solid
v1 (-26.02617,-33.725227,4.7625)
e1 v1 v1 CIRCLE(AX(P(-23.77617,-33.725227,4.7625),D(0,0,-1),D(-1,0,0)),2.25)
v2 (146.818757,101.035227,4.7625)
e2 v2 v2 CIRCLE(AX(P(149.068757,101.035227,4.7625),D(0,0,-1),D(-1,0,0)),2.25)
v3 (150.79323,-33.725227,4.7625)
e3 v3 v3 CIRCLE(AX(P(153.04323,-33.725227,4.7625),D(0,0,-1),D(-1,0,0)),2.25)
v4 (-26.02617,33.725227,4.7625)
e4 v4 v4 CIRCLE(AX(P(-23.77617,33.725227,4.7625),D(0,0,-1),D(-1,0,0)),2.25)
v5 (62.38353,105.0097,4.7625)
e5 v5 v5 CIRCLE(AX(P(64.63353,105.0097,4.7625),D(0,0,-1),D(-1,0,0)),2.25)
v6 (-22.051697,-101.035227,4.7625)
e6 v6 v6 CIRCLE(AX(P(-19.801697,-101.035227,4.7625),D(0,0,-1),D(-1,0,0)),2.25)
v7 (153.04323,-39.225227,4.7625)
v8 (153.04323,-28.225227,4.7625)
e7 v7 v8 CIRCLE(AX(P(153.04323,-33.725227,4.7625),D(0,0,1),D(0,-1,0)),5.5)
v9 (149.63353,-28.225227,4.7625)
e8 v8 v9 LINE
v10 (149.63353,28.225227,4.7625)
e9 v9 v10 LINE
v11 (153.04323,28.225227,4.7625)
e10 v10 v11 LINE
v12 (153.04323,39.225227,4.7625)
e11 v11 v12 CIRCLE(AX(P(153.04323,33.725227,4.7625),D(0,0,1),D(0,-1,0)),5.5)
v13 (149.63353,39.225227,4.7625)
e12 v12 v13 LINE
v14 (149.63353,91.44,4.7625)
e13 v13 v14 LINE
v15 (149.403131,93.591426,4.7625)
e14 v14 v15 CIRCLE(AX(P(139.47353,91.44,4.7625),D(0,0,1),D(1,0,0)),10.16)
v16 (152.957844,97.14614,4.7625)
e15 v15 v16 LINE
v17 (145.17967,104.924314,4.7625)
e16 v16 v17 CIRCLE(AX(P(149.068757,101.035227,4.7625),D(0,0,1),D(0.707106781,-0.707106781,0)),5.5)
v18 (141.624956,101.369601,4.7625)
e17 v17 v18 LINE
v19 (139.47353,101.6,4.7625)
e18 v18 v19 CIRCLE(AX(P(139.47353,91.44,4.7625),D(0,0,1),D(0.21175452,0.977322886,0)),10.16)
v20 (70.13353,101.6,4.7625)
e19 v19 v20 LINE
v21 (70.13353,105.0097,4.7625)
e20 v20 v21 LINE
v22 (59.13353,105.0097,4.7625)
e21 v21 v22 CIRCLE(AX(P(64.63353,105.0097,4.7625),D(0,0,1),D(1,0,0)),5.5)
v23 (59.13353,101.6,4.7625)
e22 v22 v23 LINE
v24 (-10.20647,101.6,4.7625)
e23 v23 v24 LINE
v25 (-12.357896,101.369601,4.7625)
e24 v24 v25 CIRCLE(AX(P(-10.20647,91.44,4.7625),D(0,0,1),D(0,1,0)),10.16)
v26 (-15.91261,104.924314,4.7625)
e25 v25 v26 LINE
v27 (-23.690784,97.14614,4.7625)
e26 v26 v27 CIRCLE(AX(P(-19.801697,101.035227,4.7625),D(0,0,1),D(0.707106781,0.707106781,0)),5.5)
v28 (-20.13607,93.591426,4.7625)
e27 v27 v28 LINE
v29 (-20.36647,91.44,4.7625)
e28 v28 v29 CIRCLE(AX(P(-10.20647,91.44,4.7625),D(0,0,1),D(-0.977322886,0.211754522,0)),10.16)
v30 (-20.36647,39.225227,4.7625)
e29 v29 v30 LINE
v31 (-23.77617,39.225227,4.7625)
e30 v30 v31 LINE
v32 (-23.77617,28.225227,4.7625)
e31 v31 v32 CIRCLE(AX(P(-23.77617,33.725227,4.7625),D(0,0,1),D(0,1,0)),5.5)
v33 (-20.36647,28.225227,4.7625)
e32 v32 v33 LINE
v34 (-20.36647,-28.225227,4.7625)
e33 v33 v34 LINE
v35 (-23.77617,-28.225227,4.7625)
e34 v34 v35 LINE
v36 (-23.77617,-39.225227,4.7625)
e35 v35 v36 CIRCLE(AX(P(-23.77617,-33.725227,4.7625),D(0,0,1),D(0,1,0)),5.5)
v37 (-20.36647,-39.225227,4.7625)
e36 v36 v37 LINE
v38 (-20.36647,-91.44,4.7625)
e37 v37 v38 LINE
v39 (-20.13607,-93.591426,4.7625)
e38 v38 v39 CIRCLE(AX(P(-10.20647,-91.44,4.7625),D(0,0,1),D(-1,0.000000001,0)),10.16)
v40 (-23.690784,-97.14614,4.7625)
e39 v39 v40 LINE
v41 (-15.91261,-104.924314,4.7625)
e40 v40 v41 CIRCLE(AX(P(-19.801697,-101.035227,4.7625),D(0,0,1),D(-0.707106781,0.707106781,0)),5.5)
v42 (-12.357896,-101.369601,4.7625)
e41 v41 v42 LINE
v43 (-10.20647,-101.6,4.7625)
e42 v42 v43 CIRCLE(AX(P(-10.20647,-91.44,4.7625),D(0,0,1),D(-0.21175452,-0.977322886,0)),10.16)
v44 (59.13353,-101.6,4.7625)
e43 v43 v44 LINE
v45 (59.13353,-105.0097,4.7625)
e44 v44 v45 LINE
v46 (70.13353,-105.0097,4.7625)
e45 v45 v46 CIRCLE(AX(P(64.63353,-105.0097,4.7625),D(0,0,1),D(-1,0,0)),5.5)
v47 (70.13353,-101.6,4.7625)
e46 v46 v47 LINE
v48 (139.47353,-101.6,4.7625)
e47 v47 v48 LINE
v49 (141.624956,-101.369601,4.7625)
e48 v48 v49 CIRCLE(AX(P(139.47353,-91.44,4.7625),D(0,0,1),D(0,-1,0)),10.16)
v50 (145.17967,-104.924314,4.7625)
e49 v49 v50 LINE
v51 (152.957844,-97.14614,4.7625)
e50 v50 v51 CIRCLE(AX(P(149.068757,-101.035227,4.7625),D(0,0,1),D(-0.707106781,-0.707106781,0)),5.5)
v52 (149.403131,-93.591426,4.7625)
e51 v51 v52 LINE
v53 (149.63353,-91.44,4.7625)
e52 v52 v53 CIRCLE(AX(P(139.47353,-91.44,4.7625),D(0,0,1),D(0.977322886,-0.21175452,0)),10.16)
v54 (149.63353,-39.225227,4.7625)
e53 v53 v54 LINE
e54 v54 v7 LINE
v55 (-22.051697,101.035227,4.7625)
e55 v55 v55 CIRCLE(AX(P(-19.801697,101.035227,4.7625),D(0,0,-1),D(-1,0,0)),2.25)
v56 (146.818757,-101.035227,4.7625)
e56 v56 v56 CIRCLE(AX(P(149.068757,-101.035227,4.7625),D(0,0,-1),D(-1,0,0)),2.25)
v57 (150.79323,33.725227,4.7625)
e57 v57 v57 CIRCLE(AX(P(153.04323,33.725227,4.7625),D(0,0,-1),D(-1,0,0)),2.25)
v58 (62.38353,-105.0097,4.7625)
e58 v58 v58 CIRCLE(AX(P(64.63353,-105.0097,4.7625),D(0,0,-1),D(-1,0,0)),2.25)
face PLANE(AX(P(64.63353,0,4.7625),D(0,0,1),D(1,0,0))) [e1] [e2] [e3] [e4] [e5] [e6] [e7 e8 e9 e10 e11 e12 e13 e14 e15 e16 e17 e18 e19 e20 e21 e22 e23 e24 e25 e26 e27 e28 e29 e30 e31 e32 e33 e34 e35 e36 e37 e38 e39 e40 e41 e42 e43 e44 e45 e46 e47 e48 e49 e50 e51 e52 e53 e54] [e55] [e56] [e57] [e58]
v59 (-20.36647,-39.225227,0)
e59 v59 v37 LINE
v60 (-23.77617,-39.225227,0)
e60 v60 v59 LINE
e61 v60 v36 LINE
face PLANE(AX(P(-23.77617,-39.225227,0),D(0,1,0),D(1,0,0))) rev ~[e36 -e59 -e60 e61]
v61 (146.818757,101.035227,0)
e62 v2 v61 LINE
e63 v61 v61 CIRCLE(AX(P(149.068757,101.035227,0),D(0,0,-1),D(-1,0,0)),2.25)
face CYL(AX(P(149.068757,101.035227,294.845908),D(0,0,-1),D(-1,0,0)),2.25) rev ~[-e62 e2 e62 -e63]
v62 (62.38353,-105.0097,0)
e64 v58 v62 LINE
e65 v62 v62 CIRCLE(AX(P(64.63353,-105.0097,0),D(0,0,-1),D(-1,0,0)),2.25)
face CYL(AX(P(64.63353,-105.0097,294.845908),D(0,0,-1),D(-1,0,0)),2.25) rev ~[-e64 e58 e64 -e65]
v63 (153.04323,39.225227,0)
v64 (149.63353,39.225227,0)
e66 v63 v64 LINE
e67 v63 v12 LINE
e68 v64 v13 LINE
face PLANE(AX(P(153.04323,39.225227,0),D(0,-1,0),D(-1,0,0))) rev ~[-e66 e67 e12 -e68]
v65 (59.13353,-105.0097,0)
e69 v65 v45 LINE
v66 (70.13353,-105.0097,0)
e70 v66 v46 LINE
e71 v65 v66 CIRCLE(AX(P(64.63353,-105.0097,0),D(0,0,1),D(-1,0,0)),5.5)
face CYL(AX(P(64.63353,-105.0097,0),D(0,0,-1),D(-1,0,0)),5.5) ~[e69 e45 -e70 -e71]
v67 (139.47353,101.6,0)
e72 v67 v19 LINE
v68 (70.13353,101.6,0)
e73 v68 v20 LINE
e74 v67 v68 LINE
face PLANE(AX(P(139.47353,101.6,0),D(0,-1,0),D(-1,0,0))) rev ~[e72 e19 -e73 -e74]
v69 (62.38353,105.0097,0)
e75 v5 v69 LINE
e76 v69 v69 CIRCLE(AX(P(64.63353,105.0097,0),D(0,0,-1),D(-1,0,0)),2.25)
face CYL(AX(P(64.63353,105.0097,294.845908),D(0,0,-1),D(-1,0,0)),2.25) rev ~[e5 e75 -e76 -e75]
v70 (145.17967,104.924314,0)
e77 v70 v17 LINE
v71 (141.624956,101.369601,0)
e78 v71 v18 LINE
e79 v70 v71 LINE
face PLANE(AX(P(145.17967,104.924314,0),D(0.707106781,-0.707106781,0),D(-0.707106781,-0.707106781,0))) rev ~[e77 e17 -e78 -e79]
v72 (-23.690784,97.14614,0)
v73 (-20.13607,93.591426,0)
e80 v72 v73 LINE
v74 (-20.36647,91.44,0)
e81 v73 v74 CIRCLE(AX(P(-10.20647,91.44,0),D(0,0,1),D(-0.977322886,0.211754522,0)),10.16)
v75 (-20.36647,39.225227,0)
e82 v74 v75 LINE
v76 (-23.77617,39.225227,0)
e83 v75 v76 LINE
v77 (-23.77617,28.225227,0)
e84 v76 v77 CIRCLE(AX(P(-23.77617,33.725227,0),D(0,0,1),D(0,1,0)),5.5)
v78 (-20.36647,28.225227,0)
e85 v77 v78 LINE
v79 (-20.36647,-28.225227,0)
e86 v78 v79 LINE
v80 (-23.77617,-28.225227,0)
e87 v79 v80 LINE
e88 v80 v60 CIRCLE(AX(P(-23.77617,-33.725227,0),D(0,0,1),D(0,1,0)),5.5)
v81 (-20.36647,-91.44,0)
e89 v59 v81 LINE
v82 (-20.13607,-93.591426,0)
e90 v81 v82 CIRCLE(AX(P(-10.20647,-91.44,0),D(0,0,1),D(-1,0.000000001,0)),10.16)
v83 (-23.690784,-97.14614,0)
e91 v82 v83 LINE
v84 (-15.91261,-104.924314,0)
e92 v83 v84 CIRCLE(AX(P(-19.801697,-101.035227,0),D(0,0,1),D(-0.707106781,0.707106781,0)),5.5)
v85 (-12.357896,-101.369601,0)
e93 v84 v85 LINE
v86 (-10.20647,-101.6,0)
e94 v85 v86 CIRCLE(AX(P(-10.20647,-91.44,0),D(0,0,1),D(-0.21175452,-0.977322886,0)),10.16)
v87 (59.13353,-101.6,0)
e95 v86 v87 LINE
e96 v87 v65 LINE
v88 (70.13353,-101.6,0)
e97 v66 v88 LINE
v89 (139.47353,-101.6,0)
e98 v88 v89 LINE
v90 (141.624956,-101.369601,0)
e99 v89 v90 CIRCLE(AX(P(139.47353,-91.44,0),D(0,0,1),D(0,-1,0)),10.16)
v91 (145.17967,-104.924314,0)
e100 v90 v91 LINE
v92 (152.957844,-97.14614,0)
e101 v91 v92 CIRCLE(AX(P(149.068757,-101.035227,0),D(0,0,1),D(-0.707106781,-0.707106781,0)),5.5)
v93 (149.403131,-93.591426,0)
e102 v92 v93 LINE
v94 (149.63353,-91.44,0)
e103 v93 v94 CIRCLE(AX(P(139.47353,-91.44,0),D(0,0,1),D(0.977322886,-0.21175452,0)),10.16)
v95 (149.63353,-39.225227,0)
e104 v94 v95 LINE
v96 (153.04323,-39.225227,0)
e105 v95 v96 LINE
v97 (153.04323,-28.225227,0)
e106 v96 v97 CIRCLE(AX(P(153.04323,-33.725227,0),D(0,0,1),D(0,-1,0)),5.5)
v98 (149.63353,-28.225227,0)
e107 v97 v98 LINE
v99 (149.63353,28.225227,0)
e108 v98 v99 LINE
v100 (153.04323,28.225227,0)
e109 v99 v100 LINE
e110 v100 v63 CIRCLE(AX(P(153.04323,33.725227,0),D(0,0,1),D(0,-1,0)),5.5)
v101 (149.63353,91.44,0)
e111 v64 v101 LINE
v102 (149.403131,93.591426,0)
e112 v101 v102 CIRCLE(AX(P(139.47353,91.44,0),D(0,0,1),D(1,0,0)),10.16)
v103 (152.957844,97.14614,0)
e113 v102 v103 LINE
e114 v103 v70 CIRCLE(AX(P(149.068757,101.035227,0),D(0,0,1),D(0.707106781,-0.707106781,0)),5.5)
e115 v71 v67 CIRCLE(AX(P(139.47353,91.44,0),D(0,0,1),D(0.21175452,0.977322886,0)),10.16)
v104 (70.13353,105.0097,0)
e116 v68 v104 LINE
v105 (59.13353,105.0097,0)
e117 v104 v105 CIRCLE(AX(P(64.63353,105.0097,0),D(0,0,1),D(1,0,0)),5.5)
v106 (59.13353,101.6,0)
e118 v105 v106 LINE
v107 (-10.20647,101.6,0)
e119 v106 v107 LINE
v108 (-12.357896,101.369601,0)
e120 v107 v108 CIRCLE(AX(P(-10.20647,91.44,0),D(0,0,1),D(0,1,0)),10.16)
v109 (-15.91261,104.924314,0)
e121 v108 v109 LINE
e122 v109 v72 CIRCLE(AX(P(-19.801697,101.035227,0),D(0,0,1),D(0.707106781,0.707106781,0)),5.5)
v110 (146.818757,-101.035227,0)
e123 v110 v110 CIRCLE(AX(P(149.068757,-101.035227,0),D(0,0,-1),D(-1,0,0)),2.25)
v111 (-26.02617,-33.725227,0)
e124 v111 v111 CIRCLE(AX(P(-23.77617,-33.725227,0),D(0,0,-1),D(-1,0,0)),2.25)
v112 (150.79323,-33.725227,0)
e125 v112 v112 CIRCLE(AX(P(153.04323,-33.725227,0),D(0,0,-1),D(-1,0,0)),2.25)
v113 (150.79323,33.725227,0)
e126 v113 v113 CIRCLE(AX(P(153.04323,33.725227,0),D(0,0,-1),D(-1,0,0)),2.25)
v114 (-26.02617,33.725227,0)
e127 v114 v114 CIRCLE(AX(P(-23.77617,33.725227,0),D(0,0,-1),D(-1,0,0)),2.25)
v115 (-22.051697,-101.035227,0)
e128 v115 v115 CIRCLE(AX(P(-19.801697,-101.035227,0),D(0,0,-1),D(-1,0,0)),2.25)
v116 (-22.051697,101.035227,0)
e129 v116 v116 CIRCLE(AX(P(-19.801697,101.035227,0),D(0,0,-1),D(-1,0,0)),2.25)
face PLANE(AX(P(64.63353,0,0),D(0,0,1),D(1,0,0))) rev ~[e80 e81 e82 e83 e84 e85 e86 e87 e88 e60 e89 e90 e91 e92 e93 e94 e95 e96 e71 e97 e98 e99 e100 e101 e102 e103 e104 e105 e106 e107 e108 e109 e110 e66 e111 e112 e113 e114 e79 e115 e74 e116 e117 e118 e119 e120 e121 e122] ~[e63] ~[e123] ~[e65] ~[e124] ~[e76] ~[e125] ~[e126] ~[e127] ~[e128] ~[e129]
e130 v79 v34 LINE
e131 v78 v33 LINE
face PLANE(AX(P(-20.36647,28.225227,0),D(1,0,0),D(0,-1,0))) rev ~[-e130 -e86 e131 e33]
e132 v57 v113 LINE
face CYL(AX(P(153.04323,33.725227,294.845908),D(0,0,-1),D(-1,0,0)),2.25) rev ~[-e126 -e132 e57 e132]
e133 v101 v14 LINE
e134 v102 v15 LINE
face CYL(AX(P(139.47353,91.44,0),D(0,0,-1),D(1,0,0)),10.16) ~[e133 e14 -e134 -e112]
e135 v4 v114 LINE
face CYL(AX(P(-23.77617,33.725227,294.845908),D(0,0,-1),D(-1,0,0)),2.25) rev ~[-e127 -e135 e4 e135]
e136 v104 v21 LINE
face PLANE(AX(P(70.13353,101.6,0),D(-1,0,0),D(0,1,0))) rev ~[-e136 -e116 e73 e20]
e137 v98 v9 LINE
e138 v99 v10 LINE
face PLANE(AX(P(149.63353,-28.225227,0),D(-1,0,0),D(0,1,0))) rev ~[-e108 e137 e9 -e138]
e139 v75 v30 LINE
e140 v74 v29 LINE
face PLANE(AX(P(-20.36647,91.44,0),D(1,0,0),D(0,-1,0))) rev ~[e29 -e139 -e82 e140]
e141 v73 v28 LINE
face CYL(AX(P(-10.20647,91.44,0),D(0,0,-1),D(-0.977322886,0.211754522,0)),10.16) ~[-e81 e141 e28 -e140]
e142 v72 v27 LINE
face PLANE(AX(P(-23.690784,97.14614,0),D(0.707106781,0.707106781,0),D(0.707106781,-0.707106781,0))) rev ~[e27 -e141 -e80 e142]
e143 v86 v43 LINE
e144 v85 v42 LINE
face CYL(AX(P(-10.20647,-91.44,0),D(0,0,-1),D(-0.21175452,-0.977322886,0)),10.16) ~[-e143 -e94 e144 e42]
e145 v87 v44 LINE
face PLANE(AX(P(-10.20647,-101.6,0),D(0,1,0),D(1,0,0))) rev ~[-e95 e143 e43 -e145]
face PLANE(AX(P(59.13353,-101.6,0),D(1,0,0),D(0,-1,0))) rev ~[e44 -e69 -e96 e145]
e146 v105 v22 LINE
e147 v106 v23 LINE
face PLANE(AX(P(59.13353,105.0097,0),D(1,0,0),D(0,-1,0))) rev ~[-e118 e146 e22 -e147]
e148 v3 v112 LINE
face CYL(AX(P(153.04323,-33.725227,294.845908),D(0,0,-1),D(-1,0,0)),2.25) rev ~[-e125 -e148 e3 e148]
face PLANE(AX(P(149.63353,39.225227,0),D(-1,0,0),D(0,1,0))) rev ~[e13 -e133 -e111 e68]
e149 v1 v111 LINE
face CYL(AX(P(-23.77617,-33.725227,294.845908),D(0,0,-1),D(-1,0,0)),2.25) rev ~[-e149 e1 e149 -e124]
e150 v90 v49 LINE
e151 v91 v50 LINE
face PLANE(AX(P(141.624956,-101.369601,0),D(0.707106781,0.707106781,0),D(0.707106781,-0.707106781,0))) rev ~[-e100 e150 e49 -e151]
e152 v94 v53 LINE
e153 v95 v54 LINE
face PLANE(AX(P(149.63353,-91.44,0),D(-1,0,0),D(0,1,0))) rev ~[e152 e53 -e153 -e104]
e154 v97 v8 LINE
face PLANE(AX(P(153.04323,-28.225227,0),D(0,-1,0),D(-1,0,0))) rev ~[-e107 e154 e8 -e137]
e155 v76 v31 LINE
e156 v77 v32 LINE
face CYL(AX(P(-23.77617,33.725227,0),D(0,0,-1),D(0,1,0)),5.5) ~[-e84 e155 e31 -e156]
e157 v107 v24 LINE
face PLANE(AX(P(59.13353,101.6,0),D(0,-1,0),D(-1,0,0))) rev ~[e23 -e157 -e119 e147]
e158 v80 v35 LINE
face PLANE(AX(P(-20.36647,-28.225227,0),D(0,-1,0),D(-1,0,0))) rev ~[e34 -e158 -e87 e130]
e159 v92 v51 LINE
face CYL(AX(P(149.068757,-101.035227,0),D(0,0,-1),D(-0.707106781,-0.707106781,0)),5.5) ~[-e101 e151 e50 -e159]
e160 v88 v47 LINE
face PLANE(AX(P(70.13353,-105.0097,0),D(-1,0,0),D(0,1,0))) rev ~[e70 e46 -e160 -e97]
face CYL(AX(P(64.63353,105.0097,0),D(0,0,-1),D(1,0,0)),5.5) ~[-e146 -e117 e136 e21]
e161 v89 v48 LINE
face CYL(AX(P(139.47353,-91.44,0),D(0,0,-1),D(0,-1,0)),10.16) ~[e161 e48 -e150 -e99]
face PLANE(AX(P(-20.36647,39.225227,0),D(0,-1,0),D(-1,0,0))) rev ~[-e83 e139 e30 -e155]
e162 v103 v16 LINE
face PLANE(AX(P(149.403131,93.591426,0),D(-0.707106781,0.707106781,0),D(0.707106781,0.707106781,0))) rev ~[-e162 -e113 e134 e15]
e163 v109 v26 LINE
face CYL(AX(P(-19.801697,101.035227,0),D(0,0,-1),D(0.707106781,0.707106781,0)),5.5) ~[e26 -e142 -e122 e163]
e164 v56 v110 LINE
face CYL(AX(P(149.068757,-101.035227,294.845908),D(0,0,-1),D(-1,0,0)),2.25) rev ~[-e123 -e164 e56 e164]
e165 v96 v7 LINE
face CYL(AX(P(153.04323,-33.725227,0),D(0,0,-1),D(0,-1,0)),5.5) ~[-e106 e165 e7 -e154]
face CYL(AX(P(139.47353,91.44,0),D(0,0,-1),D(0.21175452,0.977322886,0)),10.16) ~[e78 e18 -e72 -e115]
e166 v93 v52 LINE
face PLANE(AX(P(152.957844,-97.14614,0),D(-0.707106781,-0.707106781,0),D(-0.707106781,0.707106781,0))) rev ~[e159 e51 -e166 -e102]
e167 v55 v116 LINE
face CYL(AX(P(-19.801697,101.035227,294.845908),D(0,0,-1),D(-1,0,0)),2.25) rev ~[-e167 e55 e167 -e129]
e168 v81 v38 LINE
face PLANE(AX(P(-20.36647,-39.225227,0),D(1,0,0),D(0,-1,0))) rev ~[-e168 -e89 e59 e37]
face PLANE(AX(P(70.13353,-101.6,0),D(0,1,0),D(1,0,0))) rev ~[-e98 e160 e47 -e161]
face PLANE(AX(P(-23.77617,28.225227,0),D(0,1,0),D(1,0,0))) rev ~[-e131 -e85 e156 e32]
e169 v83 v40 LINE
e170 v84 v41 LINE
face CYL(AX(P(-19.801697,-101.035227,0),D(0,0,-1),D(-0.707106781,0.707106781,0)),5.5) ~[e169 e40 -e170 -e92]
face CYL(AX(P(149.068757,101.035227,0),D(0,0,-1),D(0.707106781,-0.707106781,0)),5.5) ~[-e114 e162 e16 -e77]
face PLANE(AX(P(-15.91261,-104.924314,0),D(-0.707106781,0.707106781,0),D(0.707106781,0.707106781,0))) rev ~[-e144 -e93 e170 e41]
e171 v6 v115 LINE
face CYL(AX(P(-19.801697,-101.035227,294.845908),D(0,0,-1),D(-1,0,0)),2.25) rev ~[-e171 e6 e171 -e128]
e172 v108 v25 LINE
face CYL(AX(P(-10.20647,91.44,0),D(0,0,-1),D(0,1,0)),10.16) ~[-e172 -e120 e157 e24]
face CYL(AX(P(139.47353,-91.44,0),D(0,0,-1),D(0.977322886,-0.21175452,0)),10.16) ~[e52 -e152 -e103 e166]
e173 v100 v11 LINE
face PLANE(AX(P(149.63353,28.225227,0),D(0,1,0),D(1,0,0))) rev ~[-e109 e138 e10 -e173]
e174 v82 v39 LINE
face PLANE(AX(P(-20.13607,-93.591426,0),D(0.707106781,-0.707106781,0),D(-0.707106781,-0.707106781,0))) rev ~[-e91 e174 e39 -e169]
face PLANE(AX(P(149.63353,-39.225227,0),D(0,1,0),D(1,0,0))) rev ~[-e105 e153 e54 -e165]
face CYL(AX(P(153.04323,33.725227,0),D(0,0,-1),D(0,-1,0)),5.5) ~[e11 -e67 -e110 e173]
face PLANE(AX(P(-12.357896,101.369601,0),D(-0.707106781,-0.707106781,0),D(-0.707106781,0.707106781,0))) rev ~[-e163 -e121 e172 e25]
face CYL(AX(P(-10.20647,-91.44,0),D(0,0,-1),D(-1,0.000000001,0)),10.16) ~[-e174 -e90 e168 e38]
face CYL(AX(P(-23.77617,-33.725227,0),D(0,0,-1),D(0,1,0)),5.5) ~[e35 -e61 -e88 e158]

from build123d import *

# Parameters (mm, degrees)
BOSS_EXTRUDE1_DEPTH  = 4.7625
M4_CLEARANCE_HOLE1_D = 4.5


with BuildPart() as part:
    # Sketch1 → Boss-Extrude1 (new body)
    with BuildSketch(Plane.XY):
        with BuildLine():
            Line((139.473530069, 101.6), (70.133530069, 101.6))
            Line((70.133530069, 101.6), (70.133530069, 105.0097))
            ThreePointArc((70.133530069, 105.0097), (64.633530069, 110.5097), (59.133530069, 105.0097))
            Line((59.133530069, 105.0097), (59.133530069, 101.6))
            Line((59.133530069, 101.6), (-10.206469931, 101.6))
            ThreePointArc((-10.206469931, 101.6), (-11.288333767, 101.542235923), (-12.357895857, 101.36960052))
            Line((-12.357895857, 101.36960052), (-15.912609523, 104.924314185))
            ThreePointArc((-15.912609523, 104.924314185), (-23.690784116, 104.924314185), (-23.690784116, 97.146139592))
            Line((-23.690784116, 97.146139592), (-20.13607045, 93.591425927))
            ThreePointArc((-20.13607045, 93.591425927), (-20.308705854, 92.521863836), (-20.366469931, 91.44))
            Line((-20.366469931, 91.44), (-20.366469931, 39.225226889))
            Line((-20.366469931, 39.225226889), (-23.776169931, 39.225226889))
            ThreePointArc((-23.776169931, 39.225226889), (-29.276169931, 33.725226889), (-23.776169931, 28.225226889))
            Line((-23.776169931, 28.225226889), (-20.366469931, 28.225226889))
            Line((-20.366469931, 28.225226889), (-20.366469931, -28.225226889))
            Line((-20.366469931, -28.225226889), (-23.776169931, -28.225226889))
            ThreePointArc((-23.776169931, -28.225226889), (-29.276169931, -33.725226889), (-23.776169931, -39.225226889))
            Line((-23.776169931, -39.225226889), (-20.366469931, -39.225226889))
            Line((-20.366469931, -39.225226889), (-20.366469931, -91.44))
            ThreePointArc((-20.366469931, -91.44), (-20.308705854, -92.521863836), (-20.13607045, -93.591425927))
            Line((-20.13607045, -93.591425927), (-23.690784116, -97.146139592))
            ThreePointArc((-23.690784116, -97.146139592), (-23.690784116, -104.924314185), (-15.912609523, -104.924314185))
            Line((-15.912609523, -104.924314185), (-12.357895857, -101.36960052))
            ThreePointArc((-12.357895857, -101.36960052), (-11.288333767, -101.542235923), (-10.206469931, -101.6))
            Line((-10.206469931, -101.6), (59.133530069, -101.6))
            Line((59.133530069, -101.6), (59.133530069, -105.0097))
            ThreePointArc((59.133530069, -105.0097), (64.633530069, -110.5097), (70.133530069, -105.0097))
            Line((70.133530069, -105.0097), (70.133530069, -101.6))
            Line((70.133530069, -101.6), (139.473530069, -101.6))
            ThreePointArc((139.473530069, -101.6), (140.555393905, -101.542235923), (141.624955996, -101.36960052))
            Line((141.624955996, -101.36960052), (145.179669661, -104.924314185))
            ThreePointArc((145.179669661, -104.924314185), (152.957844254, -104.924314185), (152.957844254, -97.146139592))
            Line((152.957844254, -97.146139592), (149.403130589, -93.591425927))
            ThreePointArc((149.403130589, -93.591425927), (149.575765992, -92.521863836), (149.633530069, -91.44))
            Line((149.633530069, -91.44), (149.633530069, -39.225226889))
            Line((149.633530069, -39.225226889), (153.043230069, -39.225226889))
            ThreePointArc((153.043230069, -39.225226889), (158.543230069, -33.725226889), (153.043230069, -28.225226889))
            Line((153.043230069, -28.225226889), (149.633530069, -28.225226889))
            Line((149.633530069, -28.225226889), (149.633530069, 28.225226889))
            Line((149.633530069, 28.225226889), (153.043230069, 28.225226889))
            ThreePointArc((153.043230069, 28.225226889), (158.543230069, 33.725226889), (153.043230069, 39.225226889))
            Line((153.043230069, 39.225226889), (149.633530069, 39.225226889))
            Line((149.633530069, 39.225226889), (149.633530069, 91.44))
            ThreePointArc((149.633530069, 91.44), (149.575765992, 92.521863836), (149.403130589, 93.591425927))
            Line((149.403130589, 93.591425927), (152.957844254, 97.146139592))
            ThreePointArc((152.957844254, 97.146139592), (152.957844254, 104.924314185), (145.179669661, 104.924314185))
            Line((145.179669661, 104.924314185), (141.624955996, 101.36960052))
            ThreePointArc((141.624955996, 101.36960052), (140.555393905, 101.542235923), (139.473530069, 101.6))
        make_face()
    extrude(amount=BOSS_EXTRUDE1_DEPTH)

    # M4 Clearance Hole1 (through all)
    with Locations(Plane.XY.offset(4.7625)):
        with Locations((-19.801696819, -101.035226889), (-23.776169931, -33.725226889), (-23.776169931, 33.725226889), (-19.801696819, 101.035226889), (64.633530069, 105.0097), (149.068756958, 101.035226889), (153.043230069, 33.725226889), (153.043230069, -33.725226889), (149.068756958, -101.035226889), (64.633530069, -105.0097)):
            Hole(M4_CLEARANCE_HOLE1_D / 2)


solid = part.part
